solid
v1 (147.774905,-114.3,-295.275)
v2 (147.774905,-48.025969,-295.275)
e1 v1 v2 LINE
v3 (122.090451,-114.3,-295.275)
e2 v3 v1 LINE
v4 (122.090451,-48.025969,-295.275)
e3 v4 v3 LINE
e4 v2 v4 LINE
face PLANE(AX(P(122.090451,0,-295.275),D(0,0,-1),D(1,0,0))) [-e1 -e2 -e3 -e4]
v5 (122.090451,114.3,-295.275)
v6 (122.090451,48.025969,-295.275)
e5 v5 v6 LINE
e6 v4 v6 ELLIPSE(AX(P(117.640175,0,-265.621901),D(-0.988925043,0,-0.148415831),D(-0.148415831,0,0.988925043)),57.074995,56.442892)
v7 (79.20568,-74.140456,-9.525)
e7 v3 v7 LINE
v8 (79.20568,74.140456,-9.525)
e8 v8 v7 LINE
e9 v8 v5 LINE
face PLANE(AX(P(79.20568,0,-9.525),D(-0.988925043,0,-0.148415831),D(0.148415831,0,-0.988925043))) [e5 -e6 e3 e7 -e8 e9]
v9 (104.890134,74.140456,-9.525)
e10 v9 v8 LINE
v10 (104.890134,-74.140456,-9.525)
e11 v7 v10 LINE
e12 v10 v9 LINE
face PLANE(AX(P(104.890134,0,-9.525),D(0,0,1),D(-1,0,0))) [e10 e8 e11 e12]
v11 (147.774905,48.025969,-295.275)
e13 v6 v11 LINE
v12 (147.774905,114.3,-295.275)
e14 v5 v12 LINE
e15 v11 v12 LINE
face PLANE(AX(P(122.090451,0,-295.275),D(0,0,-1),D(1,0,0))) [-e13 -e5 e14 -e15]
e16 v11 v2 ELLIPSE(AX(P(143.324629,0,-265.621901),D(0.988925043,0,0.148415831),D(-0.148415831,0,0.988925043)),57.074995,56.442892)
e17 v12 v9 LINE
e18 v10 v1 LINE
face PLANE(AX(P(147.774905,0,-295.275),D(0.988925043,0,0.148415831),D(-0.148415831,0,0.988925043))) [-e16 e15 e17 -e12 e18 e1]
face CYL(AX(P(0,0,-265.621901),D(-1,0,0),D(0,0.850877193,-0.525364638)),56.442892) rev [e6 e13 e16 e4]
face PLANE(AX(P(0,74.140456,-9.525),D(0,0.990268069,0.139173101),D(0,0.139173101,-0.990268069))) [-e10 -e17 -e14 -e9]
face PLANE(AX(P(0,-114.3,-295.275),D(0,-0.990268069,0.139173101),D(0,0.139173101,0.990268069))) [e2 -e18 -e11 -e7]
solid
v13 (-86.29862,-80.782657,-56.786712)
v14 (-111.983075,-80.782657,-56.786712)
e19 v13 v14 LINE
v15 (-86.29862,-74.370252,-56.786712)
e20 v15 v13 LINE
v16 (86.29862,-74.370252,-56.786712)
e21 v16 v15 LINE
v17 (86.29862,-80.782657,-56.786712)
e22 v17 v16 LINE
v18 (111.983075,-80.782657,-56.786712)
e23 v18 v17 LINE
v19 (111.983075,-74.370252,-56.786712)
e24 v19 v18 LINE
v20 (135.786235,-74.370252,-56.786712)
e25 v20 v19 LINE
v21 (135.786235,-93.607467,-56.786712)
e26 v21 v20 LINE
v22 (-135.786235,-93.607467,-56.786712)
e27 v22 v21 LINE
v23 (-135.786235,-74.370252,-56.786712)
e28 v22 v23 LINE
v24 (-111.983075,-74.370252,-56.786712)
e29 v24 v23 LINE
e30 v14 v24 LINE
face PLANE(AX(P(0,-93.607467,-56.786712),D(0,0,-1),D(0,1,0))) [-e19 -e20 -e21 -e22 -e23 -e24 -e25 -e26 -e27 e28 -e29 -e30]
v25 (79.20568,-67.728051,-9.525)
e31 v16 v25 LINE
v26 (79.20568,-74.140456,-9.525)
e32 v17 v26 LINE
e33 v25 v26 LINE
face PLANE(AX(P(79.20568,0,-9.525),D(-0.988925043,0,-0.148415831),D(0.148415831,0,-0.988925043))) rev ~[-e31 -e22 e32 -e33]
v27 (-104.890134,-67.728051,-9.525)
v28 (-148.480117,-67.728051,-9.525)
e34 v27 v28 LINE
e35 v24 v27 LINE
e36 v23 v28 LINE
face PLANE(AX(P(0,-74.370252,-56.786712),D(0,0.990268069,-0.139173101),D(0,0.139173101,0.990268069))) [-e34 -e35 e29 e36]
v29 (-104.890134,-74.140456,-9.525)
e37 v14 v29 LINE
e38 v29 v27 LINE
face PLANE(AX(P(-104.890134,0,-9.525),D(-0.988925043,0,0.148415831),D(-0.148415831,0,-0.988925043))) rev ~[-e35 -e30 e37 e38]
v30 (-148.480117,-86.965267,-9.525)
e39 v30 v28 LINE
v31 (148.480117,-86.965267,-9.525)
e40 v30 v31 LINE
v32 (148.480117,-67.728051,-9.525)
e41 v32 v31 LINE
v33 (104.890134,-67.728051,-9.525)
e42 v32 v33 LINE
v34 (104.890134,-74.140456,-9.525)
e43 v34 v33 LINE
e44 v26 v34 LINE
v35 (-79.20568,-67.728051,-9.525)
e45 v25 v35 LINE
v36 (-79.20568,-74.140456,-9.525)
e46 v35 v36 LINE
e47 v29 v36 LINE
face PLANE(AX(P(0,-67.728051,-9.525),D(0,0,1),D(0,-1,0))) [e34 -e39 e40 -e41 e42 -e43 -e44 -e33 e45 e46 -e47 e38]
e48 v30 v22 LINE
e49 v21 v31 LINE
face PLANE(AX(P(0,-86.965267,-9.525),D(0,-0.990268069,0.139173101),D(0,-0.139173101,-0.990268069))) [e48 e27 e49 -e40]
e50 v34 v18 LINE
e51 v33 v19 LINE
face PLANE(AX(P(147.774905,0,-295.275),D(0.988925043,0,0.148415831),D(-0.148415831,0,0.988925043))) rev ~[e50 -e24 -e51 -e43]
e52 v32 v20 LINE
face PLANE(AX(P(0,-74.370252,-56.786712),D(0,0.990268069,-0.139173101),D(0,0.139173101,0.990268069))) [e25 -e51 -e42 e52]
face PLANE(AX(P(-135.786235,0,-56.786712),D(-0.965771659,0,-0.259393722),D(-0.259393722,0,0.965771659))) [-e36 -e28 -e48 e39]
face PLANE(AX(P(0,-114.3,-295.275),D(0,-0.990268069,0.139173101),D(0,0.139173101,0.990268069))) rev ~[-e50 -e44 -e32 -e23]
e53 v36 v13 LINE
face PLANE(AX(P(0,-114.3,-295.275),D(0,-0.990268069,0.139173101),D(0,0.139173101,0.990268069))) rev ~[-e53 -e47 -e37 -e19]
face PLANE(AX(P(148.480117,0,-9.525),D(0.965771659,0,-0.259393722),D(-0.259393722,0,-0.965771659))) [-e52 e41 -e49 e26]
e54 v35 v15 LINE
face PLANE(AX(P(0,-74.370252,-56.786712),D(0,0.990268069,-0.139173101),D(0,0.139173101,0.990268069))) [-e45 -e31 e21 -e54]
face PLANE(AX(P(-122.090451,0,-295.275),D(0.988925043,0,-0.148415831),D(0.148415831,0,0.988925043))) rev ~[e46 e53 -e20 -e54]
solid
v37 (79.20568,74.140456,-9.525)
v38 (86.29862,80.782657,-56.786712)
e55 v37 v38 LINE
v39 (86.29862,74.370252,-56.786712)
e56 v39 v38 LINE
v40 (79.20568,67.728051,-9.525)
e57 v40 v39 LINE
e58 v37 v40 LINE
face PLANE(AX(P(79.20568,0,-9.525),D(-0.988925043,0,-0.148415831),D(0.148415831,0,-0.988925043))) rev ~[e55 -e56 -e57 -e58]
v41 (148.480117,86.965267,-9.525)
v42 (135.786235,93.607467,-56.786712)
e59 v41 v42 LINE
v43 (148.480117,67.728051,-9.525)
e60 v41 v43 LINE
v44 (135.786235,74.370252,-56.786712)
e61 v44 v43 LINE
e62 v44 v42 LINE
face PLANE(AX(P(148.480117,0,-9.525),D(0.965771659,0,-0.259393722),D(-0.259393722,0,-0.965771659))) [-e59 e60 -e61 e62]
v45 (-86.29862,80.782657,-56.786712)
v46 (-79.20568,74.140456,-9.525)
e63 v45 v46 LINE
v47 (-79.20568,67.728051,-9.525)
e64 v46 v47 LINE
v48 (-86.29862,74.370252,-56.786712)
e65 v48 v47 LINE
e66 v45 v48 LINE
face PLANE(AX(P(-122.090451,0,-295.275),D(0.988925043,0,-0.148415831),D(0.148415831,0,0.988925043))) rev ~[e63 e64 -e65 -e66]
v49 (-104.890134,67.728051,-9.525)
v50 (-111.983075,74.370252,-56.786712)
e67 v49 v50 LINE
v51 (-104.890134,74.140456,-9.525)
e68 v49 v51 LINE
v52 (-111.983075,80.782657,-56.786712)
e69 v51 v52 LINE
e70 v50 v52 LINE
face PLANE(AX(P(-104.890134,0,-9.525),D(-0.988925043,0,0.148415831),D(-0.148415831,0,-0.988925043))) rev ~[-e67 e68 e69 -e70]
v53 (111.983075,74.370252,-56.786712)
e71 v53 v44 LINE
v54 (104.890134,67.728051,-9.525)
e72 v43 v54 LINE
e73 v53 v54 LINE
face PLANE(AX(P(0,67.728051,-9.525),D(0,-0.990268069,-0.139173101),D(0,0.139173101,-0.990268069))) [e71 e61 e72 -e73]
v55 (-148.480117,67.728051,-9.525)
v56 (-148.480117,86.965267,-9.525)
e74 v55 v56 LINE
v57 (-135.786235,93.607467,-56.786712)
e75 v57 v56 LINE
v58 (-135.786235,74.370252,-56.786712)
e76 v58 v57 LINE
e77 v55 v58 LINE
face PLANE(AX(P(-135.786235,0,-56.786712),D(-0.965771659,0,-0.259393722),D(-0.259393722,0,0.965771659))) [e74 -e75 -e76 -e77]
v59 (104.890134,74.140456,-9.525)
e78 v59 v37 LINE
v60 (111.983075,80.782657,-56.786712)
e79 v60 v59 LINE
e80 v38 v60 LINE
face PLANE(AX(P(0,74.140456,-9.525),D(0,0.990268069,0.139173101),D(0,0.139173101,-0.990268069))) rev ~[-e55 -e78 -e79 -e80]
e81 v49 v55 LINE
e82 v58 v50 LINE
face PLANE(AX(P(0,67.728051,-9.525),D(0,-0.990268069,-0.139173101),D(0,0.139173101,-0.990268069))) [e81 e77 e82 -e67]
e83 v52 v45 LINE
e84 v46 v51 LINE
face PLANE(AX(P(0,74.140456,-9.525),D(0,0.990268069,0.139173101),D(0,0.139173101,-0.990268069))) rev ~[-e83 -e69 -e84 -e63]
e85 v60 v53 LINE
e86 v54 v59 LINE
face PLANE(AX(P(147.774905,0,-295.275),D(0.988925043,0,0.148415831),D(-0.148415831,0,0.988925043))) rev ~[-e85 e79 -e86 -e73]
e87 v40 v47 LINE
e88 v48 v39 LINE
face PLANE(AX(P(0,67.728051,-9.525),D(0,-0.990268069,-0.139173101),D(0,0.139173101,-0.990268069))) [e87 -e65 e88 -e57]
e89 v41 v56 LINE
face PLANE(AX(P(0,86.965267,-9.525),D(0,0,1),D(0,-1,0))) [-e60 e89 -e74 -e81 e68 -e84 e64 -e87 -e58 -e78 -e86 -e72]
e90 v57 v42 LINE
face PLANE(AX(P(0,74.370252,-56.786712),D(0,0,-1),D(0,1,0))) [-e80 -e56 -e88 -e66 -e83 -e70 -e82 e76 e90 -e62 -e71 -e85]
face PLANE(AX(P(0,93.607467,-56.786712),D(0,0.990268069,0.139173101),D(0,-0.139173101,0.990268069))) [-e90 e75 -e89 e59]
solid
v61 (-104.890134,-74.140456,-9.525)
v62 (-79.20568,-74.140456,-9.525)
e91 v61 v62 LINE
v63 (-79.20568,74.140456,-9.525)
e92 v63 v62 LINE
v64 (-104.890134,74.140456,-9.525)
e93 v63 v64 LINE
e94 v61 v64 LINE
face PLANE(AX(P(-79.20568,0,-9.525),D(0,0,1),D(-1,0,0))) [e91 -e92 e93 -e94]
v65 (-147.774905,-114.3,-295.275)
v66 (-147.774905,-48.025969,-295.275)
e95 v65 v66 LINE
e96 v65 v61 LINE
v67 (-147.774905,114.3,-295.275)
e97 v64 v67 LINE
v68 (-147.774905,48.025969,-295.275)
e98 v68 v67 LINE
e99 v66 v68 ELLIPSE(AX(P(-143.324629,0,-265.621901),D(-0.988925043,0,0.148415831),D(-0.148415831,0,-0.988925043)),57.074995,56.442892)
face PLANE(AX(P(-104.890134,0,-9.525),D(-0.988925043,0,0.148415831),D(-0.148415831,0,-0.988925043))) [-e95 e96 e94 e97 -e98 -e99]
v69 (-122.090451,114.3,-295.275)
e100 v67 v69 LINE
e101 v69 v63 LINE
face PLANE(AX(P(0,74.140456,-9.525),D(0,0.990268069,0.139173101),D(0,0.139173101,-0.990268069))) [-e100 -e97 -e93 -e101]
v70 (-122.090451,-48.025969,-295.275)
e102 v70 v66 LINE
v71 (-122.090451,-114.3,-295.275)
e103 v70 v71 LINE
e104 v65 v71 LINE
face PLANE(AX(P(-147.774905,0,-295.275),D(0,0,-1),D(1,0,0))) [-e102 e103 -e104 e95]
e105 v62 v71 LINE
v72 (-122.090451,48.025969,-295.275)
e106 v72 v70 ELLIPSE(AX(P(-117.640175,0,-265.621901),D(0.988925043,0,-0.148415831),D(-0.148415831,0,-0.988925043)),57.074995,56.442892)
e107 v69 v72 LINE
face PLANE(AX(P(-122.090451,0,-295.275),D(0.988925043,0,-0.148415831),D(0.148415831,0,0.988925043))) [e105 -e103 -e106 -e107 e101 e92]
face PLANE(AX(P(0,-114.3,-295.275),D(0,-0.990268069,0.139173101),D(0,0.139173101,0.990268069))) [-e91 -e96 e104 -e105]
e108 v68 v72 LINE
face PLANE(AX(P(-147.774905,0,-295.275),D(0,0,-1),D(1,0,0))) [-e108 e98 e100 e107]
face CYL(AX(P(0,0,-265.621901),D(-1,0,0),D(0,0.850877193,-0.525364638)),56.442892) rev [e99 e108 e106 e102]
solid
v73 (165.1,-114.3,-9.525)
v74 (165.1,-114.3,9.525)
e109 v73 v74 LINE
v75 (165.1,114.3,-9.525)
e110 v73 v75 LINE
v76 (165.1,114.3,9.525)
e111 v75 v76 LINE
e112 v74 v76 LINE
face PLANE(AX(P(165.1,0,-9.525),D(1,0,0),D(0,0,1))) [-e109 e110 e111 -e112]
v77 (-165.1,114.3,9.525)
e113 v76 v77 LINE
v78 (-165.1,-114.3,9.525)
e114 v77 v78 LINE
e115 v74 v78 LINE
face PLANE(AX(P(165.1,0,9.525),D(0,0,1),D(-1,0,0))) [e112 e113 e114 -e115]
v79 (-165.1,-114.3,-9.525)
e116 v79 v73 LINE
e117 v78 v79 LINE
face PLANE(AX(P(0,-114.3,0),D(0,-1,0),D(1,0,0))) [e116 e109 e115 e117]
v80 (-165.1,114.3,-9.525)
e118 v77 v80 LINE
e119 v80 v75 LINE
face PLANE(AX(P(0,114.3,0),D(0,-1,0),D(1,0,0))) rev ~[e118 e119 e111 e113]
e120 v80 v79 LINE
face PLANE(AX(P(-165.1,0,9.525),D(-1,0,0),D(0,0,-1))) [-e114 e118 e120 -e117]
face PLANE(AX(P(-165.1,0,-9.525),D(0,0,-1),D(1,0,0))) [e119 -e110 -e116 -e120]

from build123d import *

# Parameters (mm, degrees)
F2_DEPTH      = 114.3
F3_DEPTH      = 114.3
F3_DEPTH_BACK = 114.3
F5_DEPTH      = 165.101
F5_DEPTH_BACK = 165.101
F7_DEPTH      = 165.1
F7_DEPTH_BACK = 165.1
F8_DEPTH      = 114.301
F8_DEPTH_BACK = 114.301


with BuildPart() as f2:
    # F0 (on Front) → F2 (new body, symmetric)
    with BuildSketch(Plane.XZ):
        Polygon((165.1, 9.525), (-165.1, 9.525), (-165.1, -9.525), (-148.480117321, -9.525), (-104.8901342862, -9.525), (-79.205680066, -9.525), (79.205680066, -9.525), (104.8901342862, -9.525), (148.480117321, -9.525), (165.1, -9.525), align=None)
    extrude(amount=F2_DEPTH, both=True)


with BuildPart() as f3:
    # F0 (on Front) → F3 (new body, two sides)
    with BuildSketch(Plane.XZ) as f3_sk:
        Polygon((-86.2986203711, -56.7867122591), (-111.9830745913, -56.7867122591), (-147.7749049664, -295.275), (-122.0904507461, -295.275), align=None)
        Polygon((-79.205680066, -9.525), (-104.8901342862, -9.525), (-111.9830745913, -56.7867122591), (-86.2986203711, -56.7867122591), align=None)
    extrude(amount=F3_DEPTH)
    extrude(f3_sk.sketch, amount=-F3_DEPTH_BACK)


with BuildPart() as f3b:
    # F0 (on Front) → F3, piece 2 (new body, two sides)
    with BuildSketch(Plane.XZ) as f3_2_sk:
        Polygon((111.9830745913, -56.7867122591), (104.8901342862, -9.525), (79.205680066, -9.525), (86.2986203711, -56.7867122591), align=None)
        Polygon((147.7749049664, -295.275), (111.9830745913, -56.7867122591), (86.2986203711, -56.7867122591), (122.0904507461, -295.275), align=None)
    extrude(amount=F3_DEPTH)
    extrude(f3_2_sk.sketch, amount=-F3_DEPTH_BACK)


with BuildPart() as f5_tool:
    # F4 (on Right) → F5 (new body, two sides)
    with BuildSketch(Plane.YZ) as f5_sk:
        Polygon((-114.3, -295.275), (-74.1404564838, -9.525), (-114.3000000004, -9.525), align=None)
        with BuildLine():
            Line((-48.0259694159, -295.275), (48.0259694159, -295.275))
            ThreePointArc((48.0259694159, -295.275), (0, -209.1790086692), (-48.0259694159, -295.275))
        make_face()
        Polygon((114.3, -295.275), (114.3, -9.525), (74.1404564838, -9.525), align=None)
    extrude(amount=-F5_DEPTH)
    extrude(f5_sk.sketch, amount=F5_DEPTH_BACK)


with BuildPart() as f3_1:
    add(f3.part)

    # F5: cut by f5_tool
    add(f5_tool.part, mode=Mode.SUBTRACT)


with BuildPart() as f3b_1:
    add(f3b.part)

    # F5: cut by f5_tool
    add(f5_tool.part, mode=Mode.SUBTRACT)


with BuildPart() as f7:
    # F6 (on Right) → F7 (new body, two sides)
    with BuildSketch(Plane.YZ) as f7_sk:
        Polygon((-67.7280513983, -9.525), (-74.1404564838, -9.525), (-80.7826569742, -56.7867122591), (-74.3702518887, -56.7867122591), align=None)
        Polygon((-80.7826569742, -56.7867122591), (-74.1404564838, -9.525), (-86.9652666548, -9.525), (-93.6074671451, -56.7867122591), align=None)
    extrude(amount=F7_DEPTH)
    extrude(f7_sk.sketch, amount=-F7_DEPTH_BACK)


with BuildPart() as f7b:
    # F6 (on Right) → F7, piece 2 (new body, two sides)
    with BuildSketch(Plane.YZ) as f7_2_sk:
        Polygon((74.1404564838, -9.525), (67.7280513983, -9.525), (74.3702518887, -56.7867122591), (80.7826569742, -56.7867122591), align=None)
        Polygon((86.9652666548, -9.525), (74.1404564838, -9.525), (80.7826569742, -56.7867122591), (93.6074671451, -56.7867122591), align=None)
    extrude(amount=F7_DEPTH)
    extrude(f7_2_sk.sketch, amount=-F7_DEPTH_BACK)


with BuildPart() as f8_tool:
    # F0 (on Front) → F8 (new body, two sides)
    with BuildSketch(Plane.XZ) as f8_sk:
        Polygon((-148.480117321, -9.525), (-165.1, -9.525), (-165.1, -56.7867122591), (-135.7862353325, -56.7867122591), align=None)
        Polygon((165.1, -56.7867122591), (165.1, -9.525), (148.480117321, -9.525), (135.7862353325, -56.7867122591), align=None)
    extrude(amount=-F8_DEPTH)
    extrude(f8_sk.sketch, amount=F8_DEPTH_BACK)


with BuildPart() as f7_1:
    add(f7.part)

    # F8: cut by f8_tool
    add(f8_tool.part, mode=Mode.SUBTRACT)

    # F11: cut F3b
    add(f3b_1.part, mode=Mode.SUBTRACT)

    # F12: cut F3
    add(f3_1.part, mode=Mode.SUBTRACT)


with BuildPart() as f7b_1:
    add(f7b.part)

    # F8: cut by f8_tool
    add(f8_tool.part, mode=Mode.SUBTRACT)

    # F9: cut F3
    add(f3_1.part, mode=Mode.SUBTRACT)

    # F10: cut F3b
    add(f3b_1.part, mode=Mode.SUBTRACT)


solid = Compound([f2.part, f3_1.part, f3b_1.part, f7_1.part, f7b_1.part])
